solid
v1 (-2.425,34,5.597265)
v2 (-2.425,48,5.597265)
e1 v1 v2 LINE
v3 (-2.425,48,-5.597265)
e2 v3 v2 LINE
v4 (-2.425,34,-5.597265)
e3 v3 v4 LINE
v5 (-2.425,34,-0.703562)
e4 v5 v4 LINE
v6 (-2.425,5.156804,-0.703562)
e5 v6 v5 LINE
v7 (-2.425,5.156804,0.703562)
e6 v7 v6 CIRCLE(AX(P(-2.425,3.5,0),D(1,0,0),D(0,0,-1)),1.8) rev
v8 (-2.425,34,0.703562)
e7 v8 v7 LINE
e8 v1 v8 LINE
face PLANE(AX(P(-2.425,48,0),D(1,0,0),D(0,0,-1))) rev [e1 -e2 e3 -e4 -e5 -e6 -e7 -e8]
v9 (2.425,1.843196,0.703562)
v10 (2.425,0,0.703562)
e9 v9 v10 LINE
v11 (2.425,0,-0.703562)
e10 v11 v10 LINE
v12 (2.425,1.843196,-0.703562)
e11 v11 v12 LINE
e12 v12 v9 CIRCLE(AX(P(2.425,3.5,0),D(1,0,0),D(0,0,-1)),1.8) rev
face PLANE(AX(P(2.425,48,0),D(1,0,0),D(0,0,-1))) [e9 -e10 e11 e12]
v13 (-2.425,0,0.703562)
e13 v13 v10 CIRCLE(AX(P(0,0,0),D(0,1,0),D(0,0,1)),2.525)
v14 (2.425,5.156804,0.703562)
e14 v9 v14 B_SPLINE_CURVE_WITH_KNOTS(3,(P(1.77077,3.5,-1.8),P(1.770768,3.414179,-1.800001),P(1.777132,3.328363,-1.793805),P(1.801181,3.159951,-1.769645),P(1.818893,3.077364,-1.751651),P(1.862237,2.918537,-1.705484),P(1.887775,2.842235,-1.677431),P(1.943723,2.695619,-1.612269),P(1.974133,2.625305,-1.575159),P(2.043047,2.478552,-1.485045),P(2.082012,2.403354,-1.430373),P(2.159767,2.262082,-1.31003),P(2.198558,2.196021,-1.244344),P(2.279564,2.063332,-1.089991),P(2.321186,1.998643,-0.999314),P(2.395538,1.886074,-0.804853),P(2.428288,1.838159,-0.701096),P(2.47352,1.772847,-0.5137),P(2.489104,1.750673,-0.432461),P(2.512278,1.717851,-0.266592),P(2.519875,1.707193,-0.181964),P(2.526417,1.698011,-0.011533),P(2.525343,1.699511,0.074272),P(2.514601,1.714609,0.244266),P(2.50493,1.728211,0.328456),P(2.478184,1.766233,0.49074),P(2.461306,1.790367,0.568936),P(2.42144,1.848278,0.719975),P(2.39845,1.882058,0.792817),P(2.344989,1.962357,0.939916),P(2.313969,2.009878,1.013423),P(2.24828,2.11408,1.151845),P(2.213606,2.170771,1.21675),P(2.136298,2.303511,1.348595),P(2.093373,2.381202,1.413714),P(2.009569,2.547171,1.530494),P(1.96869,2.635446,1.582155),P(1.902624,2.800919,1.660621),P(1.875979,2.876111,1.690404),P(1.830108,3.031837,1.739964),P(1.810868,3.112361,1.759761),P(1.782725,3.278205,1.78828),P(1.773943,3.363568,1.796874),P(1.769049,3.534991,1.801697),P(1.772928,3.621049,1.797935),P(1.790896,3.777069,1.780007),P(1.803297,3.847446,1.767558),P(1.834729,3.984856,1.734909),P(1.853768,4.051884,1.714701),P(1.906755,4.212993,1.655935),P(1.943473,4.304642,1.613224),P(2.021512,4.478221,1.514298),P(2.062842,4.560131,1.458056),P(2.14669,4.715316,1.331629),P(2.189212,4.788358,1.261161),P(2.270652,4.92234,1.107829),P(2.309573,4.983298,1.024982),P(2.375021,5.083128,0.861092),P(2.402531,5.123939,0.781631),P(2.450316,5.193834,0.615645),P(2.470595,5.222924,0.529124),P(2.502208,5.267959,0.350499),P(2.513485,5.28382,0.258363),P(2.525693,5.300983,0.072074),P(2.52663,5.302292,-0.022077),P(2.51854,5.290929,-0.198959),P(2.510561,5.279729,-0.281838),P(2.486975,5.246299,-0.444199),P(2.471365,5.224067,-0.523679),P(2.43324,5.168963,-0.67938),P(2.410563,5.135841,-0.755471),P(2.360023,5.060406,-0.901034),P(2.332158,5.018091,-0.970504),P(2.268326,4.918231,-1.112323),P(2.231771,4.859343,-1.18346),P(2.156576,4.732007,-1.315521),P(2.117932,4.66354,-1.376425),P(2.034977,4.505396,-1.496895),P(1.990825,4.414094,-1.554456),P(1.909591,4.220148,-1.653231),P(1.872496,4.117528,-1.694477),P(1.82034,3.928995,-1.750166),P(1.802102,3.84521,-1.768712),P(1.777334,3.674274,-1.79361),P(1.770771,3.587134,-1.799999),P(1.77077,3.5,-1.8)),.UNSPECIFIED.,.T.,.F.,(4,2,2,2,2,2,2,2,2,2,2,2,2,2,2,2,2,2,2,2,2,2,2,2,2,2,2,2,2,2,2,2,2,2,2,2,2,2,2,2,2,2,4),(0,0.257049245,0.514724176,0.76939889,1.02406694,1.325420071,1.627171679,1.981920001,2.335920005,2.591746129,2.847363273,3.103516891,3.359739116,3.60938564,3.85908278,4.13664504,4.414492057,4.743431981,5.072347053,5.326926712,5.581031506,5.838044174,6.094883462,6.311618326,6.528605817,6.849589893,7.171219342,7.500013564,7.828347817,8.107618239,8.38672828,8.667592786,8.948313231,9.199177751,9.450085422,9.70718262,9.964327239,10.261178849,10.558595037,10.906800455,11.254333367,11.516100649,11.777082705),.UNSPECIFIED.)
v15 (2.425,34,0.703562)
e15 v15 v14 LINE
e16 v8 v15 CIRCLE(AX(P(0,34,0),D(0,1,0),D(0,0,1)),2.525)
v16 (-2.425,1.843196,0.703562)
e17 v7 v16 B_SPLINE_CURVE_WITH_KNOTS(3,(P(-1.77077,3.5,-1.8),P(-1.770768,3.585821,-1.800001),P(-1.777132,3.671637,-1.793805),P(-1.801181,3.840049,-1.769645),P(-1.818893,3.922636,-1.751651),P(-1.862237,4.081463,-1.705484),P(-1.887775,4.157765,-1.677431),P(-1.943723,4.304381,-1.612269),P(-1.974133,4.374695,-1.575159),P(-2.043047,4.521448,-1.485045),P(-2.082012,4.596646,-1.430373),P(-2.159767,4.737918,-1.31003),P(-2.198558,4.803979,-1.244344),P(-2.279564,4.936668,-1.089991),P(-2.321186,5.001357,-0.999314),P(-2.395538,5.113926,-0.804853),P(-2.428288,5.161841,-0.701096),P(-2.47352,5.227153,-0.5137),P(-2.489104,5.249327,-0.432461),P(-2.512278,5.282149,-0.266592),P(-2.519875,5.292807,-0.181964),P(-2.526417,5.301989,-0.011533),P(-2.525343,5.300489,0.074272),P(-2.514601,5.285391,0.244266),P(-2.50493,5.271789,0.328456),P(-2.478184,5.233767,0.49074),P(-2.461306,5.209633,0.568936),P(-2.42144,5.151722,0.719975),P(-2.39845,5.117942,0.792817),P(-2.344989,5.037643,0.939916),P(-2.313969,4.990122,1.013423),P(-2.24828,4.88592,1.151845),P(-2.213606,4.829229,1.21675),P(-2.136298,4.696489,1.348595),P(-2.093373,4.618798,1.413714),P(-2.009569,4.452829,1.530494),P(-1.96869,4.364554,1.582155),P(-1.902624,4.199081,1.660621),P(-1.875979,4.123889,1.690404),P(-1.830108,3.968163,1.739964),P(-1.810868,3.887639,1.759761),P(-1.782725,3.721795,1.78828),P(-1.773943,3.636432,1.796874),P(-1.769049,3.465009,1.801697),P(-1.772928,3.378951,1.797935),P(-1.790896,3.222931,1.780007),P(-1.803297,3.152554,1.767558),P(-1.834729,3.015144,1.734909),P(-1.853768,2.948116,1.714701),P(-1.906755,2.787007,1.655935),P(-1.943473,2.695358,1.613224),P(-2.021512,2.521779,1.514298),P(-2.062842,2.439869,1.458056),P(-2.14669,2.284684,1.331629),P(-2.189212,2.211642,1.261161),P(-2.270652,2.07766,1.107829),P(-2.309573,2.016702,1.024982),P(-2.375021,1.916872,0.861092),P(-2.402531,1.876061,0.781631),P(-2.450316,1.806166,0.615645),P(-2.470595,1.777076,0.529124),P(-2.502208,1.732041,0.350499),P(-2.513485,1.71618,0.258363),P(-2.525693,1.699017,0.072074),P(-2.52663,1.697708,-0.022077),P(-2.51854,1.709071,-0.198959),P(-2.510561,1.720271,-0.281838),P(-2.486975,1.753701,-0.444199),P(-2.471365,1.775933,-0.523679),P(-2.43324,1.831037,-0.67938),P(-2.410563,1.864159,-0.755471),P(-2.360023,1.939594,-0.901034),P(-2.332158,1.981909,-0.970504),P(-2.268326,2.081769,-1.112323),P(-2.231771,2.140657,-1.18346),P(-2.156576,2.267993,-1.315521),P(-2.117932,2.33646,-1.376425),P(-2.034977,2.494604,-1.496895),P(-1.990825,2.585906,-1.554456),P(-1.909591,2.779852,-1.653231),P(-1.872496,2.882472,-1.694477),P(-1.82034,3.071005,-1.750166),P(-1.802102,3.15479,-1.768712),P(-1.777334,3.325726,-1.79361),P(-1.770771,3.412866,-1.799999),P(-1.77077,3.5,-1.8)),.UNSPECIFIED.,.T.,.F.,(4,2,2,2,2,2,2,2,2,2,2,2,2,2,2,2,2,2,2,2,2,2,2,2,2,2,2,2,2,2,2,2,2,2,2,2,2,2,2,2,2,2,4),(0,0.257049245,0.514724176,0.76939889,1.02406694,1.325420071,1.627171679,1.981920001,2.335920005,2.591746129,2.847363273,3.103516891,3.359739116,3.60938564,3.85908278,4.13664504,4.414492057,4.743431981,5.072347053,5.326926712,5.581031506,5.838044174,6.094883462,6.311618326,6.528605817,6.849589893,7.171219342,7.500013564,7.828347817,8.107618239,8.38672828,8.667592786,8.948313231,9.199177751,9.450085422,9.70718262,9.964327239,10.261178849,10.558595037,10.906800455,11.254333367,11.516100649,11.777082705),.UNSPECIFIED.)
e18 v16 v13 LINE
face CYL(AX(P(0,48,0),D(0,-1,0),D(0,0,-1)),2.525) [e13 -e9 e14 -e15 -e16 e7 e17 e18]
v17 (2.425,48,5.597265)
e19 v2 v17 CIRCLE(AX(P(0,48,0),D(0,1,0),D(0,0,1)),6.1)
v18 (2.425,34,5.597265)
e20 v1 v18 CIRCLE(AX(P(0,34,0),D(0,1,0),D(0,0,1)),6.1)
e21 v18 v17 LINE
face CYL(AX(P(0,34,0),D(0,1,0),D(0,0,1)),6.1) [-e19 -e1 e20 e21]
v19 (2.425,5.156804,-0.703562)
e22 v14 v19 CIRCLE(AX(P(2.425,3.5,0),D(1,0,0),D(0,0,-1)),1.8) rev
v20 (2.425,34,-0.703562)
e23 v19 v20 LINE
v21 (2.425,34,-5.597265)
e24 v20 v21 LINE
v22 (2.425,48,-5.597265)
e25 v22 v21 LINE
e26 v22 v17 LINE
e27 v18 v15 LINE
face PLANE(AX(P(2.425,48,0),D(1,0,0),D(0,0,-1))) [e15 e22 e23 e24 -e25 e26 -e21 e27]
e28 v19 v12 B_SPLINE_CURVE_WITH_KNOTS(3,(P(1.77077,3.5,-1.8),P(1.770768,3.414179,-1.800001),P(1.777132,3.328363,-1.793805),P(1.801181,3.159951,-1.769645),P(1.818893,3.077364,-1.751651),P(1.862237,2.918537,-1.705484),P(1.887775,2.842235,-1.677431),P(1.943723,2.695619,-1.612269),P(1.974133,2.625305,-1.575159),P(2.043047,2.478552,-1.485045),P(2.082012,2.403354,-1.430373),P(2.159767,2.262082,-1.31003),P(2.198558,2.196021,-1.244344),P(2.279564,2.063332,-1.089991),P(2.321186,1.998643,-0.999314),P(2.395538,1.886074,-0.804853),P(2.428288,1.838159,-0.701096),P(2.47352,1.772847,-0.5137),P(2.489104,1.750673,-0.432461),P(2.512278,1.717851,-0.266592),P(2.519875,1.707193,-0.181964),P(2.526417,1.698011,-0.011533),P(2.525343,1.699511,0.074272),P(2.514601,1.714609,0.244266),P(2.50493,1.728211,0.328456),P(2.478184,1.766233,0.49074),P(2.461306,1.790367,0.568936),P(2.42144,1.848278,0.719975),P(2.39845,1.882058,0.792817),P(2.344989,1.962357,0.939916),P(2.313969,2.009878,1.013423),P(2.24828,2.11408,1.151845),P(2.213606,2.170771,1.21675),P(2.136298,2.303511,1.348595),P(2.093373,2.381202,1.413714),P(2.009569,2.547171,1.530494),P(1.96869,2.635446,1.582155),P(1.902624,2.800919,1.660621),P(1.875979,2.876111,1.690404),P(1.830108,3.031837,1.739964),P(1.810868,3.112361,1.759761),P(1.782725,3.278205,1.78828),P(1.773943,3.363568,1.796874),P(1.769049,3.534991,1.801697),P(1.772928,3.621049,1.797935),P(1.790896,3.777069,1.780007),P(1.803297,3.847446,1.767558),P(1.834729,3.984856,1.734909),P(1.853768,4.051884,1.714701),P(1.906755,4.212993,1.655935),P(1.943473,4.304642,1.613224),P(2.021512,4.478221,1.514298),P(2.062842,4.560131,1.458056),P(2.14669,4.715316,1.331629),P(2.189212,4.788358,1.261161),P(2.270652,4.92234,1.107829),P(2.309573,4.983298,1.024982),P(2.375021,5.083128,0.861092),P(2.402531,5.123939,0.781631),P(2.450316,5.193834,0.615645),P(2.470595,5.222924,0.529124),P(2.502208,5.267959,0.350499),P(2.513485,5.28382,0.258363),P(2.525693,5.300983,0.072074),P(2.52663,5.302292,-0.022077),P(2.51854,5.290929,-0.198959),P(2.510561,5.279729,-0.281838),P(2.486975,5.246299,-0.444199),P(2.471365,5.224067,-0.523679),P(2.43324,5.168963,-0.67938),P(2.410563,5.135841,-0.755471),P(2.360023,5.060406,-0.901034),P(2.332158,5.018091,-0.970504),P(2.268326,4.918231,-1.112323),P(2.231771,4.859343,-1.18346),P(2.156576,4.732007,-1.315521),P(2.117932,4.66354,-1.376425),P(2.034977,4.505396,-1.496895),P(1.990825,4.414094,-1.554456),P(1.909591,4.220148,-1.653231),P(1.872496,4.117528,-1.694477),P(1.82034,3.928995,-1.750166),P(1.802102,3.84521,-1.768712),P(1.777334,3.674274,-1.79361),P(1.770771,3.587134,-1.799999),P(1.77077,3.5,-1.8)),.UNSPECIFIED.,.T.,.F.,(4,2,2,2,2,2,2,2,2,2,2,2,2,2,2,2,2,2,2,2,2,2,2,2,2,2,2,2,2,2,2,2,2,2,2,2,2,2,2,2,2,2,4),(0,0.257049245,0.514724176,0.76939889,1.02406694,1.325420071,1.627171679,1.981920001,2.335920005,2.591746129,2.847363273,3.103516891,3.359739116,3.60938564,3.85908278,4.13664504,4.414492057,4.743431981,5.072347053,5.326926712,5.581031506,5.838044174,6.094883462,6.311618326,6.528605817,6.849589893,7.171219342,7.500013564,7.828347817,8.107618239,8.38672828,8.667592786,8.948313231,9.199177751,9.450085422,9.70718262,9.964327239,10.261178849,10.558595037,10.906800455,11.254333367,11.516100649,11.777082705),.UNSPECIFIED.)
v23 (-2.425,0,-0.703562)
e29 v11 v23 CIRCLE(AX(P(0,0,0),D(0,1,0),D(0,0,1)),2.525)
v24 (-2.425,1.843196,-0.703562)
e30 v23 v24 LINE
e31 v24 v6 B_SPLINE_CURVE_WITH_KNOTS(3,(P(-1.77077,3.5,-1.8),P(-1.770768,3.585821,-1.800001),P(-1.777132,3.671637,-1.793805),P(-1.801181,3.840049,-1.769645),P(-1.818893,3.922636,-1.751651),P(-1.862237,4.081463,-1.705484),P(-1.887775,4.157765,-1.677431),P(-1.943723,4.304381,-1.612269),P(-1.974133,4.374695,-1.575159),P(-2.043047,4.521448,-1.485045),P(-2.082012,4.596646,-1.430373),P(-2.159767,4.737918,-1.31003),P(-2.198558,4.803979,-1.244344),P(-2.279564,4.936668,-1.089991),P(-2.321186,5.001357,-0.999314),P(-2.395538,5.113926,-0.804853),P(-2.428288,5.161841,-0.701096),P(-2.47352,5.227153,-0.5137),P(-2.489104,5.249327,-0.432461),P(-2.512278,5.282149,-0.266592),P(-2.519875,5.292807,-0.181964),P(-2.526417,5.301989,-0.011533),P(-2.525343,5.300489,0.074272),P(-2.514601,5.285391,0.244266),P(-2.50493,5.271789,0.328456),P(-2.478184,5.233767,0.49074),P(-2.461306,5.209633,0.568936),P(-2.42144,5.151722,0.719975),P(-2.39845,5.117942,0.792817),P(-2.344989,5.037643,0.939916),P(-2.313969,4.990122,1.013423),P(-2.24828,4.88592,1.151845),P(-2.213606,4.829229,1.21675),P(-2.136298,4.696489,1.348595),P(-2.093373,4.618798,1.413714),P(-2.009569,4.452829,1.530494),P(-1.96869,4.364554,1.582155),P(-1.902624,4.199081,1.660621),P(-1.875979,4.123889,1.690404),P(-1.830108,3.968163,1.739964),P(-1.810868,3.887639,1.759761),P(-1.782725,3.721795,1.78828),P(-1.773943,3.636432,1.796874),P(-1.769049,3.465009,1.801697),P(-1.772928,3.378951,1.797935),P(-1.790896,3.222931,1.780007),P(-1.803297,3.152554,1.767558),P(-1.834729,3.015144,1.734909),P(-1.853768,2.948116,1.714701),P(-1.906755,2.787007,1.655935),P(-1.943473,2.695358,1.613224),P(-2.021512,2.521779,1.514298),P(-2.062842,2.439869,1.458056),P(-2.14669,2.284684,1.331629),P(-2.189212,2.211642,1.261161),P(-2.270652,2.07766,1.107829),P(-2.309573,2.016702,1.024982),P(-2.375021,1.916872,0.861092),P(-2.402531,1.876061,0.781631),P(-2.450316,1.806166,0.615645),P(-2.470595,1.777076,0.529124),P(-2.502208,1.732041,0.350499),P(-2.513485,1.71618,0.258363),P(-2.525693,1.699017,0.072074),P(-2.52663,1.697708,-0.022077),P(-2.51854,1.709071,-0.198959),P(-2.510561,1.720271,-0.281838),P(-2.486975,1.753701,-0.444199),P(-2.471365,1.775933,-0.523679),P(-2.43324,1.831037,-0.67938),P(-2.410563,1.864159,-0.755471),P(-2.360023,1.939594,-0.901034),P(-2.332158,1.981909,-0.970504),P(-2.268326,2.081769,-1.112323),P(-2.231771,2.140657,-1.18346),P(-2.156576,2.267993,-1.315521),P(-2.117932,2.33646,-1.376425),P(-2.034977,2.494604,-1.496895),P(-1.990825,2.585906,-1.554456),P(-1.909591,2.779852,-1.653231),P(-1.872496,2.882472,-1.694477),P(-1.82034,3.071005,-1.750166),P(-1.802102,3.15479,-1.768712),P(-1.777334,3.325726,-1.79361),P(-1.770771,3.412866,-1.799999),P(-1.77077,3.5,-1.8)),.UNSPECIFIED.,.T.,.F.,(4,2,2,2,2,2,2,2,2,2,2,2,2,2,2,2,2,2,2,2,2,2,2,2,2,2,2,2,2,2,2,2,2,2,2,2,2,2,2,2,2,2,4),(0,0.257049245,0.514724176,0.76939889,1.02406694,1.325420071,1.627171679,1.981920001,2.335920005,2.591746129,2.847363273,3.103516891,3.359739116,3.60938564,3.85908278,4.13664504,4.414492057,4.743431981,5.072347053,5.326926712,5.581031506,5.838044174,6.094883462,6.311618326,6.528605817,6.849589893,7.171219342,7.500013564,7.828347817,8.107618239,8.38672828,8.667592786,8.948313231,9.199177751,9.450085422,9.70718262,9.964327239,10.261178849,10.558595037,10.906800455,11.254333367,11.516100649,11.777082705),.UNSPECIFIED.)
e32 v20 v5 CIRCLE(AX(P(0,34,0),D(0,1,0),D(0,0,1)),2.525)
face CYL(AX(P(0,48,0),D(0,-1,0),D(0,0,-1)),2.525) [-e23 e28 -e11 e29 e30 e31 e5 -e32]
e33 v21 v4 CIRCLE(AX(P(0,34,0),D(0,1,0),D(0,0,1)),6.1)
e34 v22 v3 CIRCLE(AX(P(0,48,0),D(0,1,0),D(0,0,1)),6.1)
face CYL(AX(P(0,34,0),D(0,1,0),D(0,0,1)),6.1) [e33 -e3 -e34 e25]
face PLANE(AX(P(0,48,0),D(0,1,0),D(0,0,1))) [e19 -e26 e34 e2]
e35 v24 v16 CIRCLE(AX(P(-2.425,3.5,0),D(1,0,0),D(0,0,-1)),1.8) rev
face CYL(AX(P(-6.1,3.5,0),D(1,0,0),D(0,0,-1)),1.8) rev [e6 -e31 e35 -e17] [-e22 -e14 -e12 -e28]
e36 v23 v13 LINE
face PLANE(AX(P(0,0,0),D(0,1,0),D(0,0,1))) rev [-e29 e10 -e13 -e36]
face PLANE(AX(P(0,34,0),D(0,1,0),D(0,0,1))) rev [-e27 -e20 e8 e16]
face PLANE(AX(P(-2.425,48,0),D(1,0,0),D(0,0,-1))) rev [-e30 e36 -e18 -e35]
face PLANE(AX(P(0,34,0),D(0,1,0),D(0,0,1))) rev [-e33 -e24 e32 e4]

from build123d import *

# Parameters (mm, degrees)
SKETCH1_R               = 2.525
BOSS_EXTRUDE1_DEPTH     = 48
SKETCH2_R               = 6.1
BOSS_EXTRUDE2_DEPTH     = 14
SKETCH3_R               = 1.8
CUT_EXTRUDE1_DEPTH      = 7.1
CUT_EXTRUDE1_DEPTH_BACK = 7.1
SKETCH4_OUTSIDE_W       = 24.402
SKETCH4_OUTSIDE_H       = 24.402
SKETCH4_OUTSIDE_W_2     = 4.85
SKETCH4_OUTSIDE_H_2     = 23.377611606
CUT_EXTRUDE4_DEPTH      = 49


with BuildPart() as part:
    # Sketch1 → Boss-Extrude1 (new body)
    with BuildSketch(Plane(origin=(0, 0, 0), x_dir=(1, 0, 0), z_dir=(0, 1, 0))):
        Circle(SKETCH1_R)
    extrude(amount=BOSS_EXTRUDE1_DEPTH)

    # Sketch2 → Boss-Extrude2 (add)
    with BuildSketch(Plane(origin=(0, 48, 0), x_dir=(1, 0, 0), z_dir=(0, 1, 0))):
        Circle(SKETCH2_R)
    extrude(amount=-BOSS_EXTRUDE2_DEPTH)

    # Sketch3 → Cut-Extrude1 (cut, two sides)
    with BuildSketch(Plane(origin=(0, 0, 0), x_dir=(0, 0, -1), z_dir=(1, 0, 0))) as cut_extrude1_sk:
        with Locations((0, 3.5)):
            Circle(SKETCH3_R)
    extrude(amount=CUT_EXTRUDE1_DEPTH, mode=Mode.SUBTRACT)
    extrude(cut_extrude1_sk.sketch, amount=-CUT_EXTRUDE1_DEPTH_BACK, mode=Mode.SUBTRACT)

    # Sketch4 outside → Cut-Extrude4 (cut, through all)
    with BuildSketch(Plane(origin=(0, 0, 0), x_dir=(1, 0, 0), z_dir=(0, 1, 0))):
        Rectangle(SKETCH4_OUTSIDE_W, SKETCH4_OUTSIDE_H)
        Rectangle(SKETCH4_OUTSIDE_W_2, SKETCH4_OUTSIDE_H_2, mode=Mode.SUBTRACT)
    extrude(amount=CUT_EXTRUDE4_DEPTH, mode=Mode.SUBTRACT)


solid = part.part
